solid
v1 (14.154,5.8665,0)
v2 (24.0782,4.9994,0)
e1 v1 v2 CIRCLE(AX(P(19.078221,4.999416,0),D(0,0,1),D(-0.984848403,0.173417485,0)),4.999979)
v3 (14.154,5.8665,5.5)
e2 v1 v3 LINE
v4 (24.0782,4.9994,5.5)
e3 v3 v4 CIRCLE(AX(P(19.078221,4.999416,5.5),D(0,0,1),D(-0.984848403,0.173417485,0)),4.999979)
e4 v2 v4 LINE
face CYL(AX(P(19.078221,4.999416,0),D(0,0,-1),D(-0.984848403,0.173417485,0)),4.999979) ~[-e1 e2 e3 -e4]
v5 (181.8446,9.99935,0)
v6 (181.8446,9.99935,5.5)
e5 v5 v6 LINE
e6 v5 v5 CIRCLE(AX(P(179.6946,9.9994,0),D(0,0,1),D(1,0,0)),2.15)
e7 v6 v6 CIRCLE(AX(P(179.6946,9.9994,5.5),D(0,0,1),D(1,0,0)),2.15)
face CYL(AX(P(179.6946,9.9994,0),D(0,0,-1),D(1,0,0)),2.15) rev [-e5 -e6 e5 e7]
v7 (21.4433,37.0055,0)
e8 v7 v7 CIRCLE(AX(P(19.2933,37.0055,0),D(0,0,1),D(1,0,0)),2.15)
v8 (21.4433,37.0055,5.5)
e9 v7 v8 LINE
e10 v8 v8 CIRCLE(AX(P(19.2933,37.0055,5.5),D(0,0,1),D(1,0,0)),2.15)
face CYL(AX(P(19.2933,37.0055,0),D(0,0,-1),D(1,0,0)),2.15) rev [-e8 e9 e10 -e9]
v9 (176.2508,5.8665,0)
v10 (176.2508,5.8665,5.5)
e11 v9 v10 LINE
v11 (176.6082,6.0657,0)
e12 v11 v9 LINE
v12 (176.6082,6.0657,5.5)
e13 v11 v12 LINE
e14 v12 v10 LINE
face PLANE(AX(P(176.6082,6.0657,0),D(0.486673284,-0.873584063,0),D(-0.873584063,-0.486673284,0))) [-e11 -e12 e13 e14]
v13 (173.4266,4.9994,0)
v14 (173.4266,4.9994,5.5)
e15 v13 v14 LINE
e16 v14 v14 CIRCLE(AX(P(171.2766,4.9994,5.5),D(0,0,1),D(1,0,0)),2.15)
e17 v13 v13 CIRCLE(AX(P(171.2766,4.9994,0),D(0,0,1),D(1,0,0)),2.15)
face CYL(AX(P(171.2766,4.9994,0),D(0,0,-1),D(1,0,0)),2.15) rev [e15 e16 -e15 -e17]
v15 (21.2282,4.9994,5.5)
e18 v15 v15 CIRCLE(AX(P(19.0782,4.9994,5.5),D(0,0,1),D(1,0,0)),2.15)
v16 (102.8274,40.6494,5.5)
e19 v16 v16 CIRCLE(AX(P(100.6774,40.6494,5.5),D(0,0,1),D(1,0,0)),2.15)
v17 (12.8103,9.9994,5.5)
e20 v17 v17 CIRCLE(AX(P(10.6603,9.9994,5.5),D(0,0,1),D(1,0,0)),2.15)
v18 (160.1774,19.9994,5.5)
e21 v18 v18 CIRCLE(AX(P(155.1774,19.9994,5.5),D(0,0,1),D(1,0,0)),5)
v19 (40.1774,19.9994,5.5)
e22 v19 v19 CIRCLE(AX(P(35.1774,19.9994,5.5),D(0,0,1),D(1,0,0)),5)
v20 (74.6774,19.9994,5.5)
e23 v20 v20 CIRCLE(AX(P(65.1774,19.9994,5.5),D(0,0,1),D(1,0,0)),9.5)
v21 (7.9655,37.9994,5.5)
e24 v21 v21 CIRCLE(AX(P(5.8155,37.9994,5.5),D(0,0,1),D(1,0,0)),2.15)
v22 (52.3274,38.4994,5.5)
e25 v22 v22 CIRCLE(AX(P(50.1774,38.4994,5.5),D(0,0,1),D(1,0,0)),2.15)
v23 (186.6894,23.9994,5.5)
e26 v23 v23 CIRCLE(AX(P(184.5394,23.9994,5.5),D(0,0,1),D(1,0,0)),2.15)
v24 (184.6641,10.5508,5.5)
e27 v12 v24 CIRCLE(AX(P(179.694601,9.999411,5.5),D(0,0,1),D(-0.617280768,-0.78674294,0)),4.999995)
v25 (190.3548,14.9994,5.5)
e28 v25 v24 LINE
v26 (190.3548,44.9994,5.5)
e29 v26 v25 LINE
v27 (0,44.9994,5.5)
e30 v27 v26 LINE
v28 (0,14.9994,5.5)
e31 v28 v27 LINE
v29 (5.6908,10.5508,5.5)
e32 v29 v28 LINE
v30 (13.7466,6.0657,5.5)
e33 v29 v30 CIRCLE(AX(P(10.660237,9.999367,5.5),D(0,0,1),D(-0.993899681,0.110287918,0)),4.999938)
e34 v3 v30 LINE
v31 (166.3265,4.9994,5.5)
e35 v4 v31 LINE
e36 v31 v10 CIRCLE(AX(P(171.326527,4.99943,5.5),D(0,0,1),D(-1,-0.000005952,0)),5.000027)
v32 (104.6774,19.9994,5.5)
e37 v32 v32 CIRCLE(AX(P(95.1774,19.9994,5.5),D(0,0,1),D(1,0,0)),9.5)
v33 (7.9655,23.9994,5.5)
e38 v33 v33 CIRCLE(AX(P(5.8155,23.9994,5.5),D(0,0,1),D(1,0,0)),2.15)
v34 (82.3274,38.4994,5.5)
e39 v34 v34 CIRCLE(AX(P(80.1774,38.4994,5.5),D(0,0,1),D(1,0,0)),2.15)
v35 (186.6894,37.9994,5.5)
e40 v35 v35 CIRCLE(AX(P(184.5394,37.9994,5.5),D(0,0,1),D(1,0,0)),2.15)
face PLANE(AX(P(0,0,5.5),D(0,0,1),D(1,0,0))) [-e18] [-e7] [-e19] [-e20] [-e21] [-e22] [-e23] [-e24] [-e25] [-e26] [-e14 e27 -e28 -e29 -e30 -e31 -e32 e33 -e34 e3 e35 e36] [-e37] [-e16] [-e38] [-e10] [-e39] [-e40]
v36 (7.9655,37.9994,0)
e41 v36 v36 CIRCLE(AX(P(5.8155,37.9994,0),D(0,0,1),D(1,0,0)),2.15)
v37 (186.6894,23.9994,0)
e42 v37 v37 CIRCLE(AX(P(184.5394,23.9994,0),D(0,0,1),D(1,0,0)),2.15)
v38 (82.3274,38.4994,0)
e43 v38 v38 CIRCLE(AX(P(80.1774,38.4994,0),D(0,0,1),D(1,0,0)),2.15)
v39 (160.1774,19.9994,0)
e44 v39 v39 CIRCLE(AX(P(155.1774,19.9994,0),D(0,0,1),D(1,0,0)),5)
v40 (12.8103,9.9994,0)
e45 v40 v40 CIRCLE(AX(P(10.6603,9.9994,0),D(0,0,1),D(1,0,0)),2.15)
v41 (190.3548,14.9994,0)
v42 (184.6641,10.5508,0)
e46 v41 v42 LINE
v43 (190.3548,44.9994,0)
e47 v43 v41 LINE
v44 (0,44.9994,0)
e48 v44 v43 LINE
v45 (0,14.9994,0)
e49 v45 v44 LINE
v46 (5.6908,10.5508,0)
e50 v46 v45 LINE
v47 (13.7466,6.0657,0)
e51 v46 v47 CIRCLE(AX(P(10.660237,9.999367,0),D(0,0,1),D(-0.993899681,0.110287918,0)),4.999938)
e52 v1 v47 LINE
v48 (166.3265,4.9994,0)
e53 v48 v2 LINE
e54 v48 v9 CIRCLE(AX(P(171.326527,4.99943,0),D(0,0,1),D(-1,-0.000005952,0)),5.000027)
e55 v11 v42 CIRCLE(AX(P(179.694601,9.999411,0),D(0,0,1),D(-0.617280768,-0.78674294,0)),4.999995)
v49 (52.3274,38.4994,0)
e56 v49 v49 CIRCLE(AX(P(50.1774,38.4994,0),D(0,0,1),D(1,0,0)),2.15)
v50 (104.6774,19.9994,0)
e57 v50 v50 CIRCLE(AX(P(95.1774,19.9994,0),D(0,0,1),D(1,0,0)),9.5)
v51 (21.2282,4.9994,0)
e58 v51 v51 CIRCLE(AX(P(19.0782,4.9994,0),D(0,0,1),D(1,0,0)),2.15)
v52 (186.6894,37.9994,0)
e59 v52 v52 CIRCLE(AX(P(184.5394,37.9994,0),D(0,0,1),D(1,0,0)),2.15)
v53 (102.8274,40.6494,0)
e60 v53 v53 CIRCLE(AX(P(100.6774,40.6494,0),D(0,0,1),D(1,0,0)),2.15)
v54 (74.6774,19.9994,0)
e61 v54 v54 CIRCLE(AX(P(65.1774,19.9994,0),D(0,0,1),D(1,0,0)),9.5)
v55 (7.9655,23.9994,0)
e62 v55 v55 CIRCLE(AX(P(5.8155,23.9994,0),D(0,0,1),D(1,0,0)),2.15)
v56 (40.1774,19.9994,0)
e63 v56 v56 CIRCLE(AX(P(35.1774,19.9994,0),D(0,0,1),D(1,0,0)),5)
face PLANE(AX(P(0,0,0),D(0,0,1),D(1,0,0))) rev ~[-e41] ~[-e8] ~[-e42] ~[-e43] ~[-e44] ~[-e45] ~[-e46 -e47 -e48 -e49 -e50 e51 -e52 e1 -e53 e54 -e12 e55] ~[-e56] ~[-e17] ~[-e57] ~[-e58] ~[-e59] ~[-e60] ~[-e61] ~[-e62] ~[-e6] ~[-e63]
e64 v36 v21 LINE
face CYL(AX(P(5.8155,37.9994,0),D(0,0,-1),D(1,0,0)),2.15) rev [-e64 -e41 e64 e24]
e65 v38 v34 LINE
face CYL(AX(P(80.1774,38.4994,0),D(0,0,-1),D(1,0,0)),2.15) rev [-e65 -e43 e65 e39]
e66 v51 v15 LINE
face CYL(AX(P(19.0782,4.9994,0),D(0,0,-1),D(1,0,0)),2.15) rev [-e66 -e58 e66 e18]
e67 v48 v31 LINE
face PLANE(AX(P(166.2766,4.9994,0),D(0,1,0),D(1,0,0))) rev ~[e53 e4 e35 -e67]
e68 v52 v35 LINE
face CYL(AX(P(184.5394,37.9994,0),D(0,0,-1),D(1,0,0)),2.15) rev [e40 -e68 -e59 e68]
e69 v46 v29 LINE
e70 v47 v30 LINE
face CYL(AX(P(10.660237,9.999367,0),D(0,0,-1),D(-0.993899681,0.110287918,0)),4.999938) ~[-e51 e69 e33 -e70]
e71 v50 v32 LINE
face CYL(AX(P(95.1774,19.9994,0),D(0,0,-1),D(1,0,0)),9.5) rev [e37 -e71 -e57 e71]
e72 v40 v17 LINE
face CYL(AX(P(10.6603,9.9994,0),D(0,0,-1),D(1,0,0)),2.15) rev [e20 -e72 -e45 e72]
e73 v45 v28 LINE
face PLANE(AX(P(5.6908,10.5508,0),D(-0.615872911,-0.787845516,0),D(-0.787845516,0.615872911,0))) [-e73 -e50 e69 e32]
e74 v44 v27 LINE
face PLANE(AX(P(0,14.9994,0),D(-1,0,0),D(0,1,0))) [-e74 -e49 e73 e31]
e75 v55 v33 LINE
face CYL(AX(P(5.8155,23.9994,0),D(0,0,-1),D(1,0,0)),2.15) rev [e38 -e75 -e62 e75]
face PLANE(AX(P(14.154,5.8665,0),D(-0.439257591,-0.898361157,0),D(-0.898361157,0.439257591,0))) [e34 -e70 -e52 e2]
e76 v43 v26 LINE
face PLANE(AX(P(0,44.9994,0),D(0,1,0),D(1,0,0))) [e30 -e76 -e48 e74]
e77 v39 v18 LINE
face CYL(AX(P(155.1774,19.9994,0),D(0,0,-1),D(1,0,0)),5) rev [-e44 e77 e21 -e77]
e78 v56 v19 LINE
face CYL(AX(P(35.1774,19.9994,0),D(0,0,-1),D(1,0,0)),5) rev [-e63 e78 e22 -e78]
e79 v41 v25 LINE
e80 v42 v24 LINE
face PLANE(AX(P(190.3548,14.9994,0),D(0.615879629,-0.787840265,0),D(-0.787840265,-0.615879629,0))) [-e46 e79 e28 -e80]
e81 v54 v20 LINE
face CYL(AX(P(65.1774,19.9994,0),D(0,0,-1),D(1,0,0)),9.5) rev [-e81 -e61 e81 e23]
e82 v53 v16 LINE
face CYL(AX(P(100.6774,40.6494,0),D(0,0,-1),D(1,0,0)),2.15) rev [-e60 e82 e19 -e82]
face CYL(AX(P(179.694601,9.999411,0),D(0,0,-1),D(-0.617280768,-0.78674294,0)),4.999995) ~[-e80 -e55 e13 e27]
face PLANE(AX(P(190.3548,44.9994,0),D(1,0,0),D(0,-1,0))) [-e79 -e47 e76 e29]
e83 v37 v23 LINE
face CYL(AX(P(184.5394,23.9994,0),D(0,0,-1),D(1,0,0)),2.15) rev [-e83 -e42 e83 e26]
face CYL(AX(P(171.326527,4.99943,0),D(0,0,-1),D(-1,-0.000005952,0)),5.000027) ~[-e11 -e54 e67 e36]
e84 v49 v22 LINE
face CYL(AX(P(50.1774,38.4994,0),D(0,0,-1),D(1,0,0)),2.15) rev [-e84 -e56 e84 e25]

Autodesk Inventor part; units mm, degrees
ref_plane "YZ Plane" through (0, 0, 0) normal (1, 0, 0) x (0, 1, 0)
ref_plane "XZ Plane" through (0, 0, 0) normal (0, 1, 0) x (-1, 0, 0)
ref_plane "XY Plane" through (0, 0, 0) normal (0, 0, 1) x (1, 0, 0)
sketch "スケッチ1" plane through (0, 0, 0) normal (0, 0, 1) x (1, 0, 0)
  circle A0 centre (179.6946, 9.9994) radius 2.15
  circle A1 centre (10.6603, 9.9994) radius 2.15
  circle A2 centre (100.6774, 40.6494) radius 2.15
  circle A3 centre (80.1774, 38.4994) radius 2.15
  circle A4 centre (50.1774, 38.4994) radius 2.15
  circle A5 centre (171.2766, 4.9994) radius 2.15
  circle A6 centre (19.0782, 4.9994) radius 2.15
  circle A7 centre (19.2933, 37.0055) radius 2.15
  circle A8 centre (184.5394, 23.9994) radius 2.15
  circle A9 centre (184.5394, 37.9994) radius 2.15
  circle A10 centre (5.8155, 23.9994) radius 2.15
  circle A11 centre (5.8155, 37.9994) radius 2.15
  line L0 (190.3548, 44.9994) -> (190.3548, 14.9994)
  line L1 (190.3548, 14.9994) -> (184.6641, 10.5508)
  arc A12 (176.6082, 6.0657) -> (184.6641, 10.5508) centre (179.6946, 9.9994) ccw
  line L2 (176.6085, 6.0658) -> (176.2124, 5.8452)
  arc A13 (166.3265, 4.9994) -> (176.2508, 5.8665) centre (171.3265, 4.9994) ccw
  line L3 (166.2766, 4.9994) -> (24.0782, 4.9994)
  arc A14 (14.154, 5.8665) -> (24.0782, 4.9994) centre (19.0782, 4.9994) ccw
  line L4 (14.154, 5.8665) -> (13.7466, 6.0657)
  arc A15 (5.6908, 10.5508) -> (13.7466, 6.0657) centre (10.6603, 9.9994) ccw
  line L5 (5.6908, 10.5508) -> (0, 14.9994)
  line L6 (0, 14.9994) -> (0, 44.9994)
  line L7 (0, 44.9994) -> (190.3548, 44.9994)
  circle A16 centre (155.1774, 19.9994) radius 5
  circle A17 centre (155.1774, 19.9994) radius 18
  circle A18 centre (95.1774, 19.9994) radius 18
  circle A19 centre (65.1774, 19.9994) radius 18
  circle A20 centre (35.1774, 19.9994) radius 18
  circle A21 centre (35.1774, 19.9994) radius 5
  circle A22 centre (65.1774, 19.9994) radius 9.5
  circle A23 centre (95.1774, 19.9994) radius 9.5
  line L8 (0, 44.9994) -> (190.3548, 44.9994)
  line L9 (190.3548, 14.9994) -> (190.3548, 44.9994)
  line L10 (184.6641, 10.5508) -> (190.3548, 14.9994)
  line L11 (0, 14.9994) -> (0, 44.9994)
  line L12 (5.6908, 10.5508) -> (0, 14.9994)
  line L13 (13.7466, 6.0657) -> (14.154, 5.8665)
  line L14 (24.0782, 4.9994) -> (166.3265, 4.9994)
  line L15 (176.6085, 6.0658) -> (176.2508, 5.8665)
  arc A24 (5.6908, 10.5508) -> (13.7466, 6.0657) centre (10.6603, 9.9994) ccw
  arc A25 (14.154, 5.8665) -> (24.0782, 4.9994) centre (19.0782, 4.9994) ccw
  arc A26 (176.6085, 6.0658) -> (184.6641, 10.5508) centre (179.6948, 9.9993) ccw
  arc A27 (166.3265, 4.9994) -> (176.2508, 5.8665) centre (171.3265, 4.9994) ccw
  circle A28 centre (5.8155, 37.9994) radius 2.15
  circle A29 centre (5.8155, 23.9994) radius 2.15
  circle A30 centre (10.6603, 9.9994) radius 2.15
  circle A31 centre (19.0782, 4.9994) radius 2.15
  circle A32 centre (19.2933, 37.0055) radius 2.15
  circle A33 centre (50.1774, 38.4994) radius 2.15
  circle A34 centre (80.1774, 38.4994) radius 2.15
  circle A35 centre (100.6774, 40.6494) radius 2.15
  circle A36 centre (184.5394, 37.9994) radius 2.15
  circle A37 centre (184.5394, 23.9994) radius 2.15
  circle A38 centre (179.6948, 9.9993) radius 2.1498
  circle A39 centre (171.3265, 4.9994) radius 2.1001
  circle A40 centre (35.1774, 19.9994) radius 5
  circle A41 centre (65.1774, 19.9994) radius 9.5
  circle A42 centre (95.1774, 19.9994) radius 9.5
  circle A43 centre (155.1774, 19.9994) radius 5
  point P0 (0, 0)
  dimension "d2" = 10
  dimension "d3" = 19
  dimension "d4" = 10
extrude "押し出し1" add sketch "スケッチ1" along normal blind 5.5 contours L0 L1 A12 L2 A13 L14 L3 A17 A18 A19 A20 A14 L4 A15 L5 L6 L7 | L3 A17 | A20 A19 L3 | A20 A19 L3 | A20 A19 | A19 A18 L3 A20 | L3 A18 A19 | A19 A18 | L3 A19 A18 picked at (155.3783, 8.3449)
properties part number "5枚目" material "MDF 中密度繊維ボード"
